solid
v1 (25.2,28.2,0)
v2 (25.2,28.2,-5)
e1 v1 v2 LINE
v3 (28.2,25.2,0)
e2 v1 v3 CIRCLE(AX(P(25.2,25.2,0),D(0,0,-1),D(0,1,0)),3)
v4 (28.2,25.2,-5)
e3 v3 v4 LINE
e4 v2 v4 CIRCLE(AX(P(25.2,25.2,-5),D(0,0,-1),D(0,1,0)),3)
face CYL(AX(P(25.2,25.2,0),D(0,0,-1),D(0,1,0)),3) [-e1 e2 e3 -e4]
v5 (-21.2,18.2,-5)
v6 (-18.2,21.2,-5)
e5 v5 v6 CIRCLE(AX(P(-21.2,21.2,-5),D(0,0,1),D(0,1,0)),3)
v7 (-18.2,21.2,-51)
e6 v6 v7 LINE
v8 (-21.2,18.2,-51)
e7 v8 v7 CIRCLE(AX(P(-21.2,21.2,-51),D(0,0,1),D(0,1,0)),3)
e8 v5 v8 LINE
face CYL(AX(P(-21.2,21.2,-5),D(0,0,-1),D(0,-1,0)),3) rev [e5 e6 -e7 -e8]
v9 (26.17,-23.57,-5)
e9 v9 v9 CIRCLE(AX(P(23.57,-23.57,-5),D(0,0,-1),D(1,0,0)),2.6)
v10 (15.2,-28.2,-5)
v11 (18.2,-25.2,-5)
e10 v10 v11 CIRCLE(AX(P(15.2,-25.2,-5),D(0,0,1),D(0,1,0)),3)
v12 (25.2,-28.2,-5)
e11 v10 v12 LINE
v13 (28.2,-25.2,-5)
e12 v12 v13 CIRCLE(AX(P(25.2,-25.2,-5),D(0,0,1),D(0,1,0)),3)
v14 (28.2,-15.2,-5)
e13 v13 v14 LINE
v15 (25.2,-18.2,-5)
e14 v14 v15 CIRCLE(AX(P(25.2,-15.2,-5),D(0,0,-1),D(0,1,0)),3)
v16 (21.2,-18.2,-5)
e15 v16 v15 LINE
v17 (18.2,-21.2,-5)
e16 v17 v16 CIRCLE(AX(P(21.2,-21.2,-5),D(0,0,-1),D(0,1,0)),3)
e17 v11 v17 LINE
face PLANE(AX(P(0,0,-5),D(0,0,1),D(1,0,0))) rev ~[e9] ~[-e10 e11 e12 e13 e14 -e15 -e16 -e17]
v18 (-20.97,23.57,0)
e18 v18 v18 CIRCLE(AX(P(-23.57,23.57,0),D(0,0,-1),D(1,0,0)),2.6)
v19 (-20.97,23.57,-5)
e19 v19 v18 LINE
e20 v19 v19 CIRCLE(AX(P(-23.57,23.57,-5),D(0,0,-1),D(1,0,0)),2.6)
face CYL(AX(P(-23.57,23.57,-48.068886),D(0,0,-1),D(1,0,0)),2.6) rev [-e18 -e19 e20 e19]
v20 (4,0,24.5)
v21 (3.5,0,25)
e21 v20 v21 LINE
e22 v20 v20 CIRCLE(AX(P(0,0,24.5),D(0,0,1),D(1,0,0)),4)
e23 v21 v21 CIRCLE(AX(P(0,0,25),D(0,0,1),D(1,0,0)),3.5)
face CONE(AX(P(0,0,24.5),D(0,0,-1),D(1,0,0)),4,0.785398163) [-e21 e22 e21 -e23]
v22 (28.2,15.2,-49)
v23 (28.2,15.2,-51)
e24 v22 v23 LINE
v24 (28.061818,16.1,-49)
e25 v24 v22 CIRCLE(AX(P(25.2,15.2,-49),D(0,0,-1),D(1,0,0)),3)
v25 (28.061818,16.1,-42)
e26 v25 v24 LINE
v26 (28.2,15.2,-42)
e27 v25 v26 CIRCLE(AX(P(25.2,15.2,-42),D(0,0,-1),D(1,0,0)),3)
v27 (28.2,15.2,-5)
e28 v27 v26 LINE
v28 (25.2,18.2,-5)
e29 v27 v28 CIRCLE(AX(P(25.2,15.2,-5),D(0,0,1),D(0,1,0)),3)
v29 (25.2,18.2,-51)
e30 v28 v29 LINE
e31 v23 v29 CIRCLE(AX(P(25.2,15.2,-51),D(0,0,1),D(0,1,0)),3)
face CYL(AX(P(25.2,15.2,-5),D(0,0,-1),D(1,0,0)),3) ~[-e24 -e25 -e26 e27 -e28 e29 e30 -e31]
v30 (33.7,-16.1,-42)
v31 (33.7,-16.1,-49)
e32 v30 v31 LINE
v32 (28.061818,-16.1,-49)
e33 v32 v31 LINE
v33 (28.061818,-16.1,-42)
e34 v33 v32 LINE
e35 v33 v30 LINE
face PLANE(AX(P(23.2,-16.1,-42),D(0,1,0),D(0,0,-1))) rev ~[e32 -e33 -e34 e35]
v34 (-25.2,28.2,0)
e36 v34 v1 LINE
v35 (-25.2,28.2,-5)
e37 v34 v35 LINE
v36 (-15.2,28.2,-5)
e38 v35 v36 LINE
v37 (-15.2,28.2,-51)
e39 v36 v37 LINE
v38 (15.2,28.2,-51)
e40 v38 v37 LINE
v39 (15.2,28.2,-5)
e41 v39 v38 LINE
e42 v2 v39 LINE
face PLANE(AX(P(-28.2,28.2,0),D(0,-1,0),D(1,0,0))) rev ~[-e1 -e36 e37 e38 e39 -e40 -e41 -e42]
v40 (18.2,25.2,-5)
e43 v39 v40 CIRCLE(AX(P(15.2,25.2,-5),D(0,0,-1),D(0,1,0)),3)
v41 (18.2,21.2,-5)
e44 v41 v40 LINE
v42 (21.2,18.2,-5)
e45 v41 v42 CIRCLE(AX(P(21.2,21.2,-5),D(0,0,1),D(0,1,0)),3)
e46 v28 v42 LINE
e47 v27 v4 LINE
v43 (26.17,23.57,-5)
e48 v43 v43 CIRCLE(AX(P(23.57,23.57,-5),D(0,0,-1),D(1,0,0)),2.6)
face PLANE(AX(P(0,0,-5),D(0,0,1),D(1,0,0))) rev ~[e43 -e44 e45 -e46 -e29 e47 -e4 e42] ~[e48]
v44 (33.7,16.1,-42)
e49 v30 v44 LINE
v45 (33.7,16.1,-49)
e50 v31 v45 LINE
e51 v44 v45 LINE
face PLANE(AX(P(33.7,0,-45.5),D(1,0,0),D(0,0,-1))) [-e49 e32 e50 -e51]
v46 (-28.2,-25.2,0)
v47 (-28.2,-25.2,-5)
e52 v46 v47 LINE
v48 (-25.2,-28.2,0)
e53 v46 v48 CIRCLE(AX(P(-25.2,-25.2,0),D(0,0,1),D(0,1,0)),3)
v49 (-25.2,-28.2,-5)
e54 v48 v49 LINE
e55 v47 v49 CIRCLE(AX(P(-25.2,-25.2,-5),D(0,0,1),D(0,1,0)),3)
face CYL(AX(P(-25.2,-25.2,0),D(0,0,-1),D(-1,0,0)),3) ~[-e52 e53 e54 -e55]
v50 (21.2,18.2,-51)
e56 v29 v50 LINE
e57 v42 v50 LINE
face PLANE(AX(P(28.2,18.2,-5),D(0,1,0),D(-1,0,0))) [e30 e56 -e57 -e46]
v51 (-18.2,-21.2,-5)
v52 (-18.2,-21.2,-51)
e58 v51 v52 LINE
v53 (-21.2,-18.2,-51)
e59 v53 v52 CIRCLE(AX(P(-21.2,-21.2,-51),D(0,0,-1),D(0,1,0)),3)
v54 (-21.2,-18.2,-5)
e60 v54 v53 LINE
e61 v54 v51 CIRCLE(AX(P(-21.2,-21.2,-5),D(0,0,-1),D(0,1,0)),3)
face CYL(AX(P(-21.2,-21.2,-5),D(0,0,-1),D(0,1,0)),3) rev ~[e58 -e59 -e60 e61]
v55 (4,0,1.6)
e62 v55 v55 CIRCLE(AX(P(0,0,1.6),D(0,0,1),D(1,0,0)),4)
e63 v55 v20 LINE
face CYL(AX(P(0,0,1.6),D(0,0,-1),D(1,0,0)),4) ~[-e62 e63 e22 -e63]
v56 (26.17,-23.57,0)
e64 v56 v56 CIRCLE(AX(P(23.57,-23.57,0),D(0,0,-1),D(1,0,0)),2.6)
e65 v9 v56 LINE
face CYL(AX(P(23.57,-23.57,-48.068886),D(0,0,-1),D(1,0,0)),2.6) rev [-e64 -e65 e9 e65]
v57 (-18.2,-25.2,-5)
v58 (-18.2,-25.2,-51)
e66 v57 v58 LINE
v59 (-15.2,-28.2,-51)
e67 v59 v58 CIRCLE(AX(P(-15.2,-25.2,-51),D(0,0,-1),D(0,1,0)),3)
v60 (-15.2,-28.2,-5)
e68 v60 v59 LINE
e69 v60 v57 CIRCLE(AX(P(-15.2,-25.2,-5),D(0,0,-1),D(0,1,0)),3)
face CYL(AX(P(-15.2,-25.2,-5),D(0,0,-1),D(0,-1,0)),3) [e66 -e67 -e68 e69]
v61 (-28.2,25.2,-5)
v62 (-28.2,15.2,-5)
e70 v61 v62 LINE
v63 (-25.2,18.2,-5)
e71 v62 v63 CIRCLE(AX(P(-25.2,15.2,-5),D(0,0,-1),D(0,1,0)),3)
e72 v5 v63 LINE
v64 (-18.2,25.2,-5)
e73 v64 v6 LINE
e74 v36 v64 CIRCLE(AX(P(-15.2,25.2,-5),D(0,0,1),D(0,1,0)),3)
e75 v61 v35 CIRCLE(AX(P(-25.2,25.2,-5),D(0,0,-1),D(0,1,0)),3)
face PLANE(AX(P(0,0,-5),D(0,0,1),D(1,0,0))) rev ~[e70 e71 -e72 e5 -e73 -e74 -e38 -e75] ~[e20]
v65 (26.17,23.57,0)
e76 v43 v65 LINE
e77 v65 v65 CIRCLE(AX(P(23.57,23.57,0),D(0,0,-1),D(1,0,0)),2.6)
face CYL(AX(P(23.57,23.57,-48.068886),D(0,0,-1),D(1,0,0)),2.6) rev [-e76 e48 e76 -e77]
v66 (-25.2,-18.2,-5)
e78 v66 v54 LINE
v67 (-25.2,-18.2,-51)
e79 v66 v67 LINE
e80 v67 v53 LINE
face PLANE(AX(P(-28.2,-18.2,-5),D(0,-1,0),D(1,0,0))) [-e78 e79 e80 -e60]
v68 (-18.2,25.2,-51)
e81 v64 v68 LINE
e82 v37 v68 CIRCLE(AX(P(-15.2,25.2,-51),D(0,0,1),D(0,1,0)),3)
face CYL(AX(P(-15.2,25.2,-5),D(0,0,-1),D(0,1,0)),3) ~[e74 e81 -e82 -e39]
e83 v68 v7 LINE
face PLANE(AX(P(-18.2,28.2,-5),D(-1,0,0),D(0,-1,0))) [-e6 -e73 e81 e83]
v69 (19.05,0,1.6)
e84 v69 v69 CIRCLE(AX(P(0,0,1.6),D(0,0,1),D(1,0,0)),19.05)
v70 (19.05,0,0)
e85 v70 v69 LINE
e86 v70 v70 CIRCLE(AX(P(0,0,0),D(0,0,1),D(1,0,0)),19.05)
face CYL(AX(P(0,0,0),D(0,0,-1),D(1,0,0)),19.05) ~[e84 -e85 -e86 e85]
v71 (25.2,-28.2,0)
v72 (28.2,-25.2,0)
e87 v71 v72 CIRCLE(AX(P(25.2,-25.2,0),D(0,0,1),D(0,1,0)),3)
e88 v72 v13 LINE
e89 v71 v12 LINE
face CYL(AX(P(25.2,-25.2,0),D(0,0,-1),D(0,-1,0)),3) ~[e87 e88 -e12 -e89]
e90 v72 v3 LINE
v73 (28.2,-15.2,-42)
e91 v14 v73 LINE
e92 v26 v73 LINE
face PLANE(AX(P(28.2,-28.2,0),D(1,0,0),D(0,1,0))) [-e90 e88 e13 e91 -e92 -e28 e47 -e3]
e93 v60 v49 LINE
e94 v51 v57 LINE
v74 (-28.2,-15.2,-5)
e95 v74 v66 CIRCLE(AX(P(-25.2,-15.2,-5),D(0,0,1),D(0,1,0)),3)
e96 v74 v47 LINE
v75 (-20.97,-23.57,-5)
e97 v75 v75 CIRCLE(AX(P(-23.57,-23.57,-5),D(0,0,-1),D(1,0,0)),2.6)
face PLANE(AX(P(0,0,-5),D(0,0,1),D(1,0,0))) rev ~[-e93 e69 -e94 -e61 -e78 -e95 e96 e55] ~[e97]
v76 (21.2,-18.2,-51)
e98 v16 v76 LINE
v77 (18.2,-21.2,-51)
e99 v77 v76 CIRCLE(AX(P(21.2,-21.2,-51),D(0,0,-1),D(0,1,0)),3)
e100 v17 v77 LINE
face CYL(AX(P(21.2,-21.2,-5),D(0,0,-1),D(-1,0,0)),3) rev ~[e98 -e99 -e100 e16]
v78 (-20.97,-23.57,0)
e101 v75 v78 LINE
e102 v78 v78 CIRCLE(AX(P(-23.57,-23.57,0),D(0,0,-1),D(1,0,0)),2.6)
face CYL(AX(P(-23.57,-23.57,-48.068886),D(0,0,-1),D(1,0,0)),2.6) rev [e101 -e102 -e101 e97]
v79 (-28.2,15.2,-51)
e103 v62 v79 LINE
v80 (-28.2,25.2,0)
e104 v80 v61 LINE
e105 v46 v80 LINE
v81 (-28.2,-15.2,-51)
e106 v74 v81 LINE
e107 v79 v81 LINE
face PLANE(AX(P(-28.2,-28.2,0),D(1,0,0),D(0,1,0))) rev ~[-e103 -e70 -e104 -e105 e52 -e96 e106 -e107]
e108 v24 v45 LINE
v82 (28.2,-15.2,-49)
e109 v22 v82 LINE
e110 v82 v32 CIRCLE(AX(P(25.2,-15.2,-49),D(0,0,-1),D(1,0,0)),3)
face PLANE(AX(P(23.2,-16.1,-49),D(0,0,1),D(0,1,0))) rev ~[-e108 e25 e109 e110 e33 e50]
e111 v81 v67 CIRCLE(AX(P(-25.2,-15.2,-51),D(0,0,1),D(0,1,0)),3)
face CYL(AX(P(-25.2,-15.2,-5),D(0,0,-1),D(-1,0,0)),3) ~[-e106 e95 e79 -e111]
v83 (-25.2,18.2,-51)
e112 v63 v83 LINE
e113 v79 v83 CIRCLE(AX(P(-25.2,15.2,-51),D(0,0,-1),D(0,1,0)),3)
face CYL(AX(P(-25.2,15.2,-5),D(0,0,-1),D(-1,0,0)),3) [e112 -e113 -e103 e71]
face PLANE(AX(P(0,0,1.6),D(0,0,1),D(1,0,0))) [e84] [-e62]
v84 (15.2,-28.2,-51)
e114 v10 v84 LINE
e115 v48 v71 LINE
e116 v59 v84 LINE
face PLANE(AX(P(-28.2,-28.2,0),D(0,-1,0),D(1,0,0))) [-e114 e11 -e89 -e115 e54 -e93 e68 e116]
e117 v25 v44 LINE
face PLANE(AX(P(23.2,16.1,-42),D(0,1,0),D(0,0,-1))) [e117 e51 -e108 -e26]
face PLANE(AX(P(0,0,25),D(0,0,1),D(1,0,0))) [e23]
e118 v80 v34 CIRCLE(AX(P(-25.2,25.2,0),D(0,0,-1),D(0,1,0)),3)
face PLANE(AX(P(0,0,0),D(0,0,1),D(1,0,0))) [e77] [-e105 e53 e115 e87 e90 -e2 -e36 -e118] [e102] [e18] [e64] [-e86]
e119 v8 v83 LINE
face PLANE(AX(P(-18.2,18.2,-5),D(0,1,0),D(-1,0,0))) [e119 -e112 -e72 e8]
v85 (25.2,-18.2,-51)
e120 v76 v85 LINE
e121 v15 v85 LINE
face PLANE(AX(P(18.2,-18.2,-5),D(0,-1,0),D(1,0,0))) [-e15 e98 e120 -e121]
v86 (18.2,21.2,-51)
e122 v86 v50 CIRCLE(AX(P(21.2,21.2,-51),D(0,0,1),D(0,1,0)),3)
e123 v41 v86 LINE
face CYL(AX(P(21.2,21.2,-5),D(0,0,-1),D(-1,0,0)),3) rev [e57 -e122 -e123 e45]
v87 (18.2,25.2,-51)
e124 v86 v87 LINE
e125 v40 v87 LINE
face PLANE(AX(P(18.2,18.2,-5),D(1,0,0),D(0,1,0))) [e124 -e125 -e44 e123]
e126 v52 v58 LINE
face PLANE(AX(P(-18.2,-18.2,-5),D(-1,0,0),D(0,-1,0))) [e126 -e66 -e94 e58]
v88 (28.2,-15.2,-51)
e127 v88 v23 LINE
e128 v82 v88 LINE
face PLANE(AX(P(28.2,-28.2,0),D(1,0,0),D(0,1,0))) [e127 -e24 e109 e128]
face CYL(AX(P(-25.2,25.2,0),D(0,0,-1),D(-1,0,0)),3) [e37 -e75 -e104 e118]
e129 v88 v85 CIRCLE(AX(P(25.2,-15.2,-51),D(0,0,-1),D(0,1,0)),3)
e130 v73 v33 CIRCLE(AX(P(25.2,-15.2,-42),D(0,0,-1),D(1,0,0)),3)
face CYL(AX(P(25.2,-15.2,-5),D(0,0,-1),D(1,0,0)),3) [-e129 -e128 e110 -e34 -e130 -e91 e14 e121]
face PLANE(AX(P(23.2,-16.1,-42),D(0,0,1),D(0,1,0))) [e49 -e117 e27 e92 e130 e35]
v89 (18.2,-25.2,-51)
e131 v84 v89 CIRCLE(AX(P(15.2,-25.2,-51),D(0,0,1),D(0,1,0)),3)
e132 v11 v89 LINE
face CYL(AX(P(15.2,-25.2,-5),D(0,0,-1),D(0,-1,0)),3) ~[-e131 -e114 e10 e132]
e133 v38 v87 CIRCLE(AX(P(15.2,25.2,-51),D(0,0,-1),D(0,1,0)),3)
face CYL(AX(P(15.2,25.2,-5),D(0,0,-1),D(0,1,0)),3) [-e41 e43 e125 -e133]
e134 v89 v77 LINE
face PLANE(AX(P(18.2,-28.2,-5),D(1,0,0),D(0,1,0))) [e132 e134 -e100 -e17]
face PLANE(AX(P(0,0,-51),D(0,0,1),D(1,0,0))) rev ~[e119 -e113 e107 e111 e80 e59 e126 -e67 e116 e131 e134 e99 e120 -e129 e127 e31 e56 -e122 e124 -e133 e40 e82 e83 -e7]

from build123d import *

# Parameters (mm, degrees)
SKETCH1_W                = 56.4
SKETCH1_H                = 56.4
BOSS_EXTRUDE1_DEPTH      = 5
SKETCH2_R                = 19.05
BOSS_EXTRUDE2_DEPTH      = 1.6
SKETCH3_R                = 4
SHALF_DEPTH              = 23.4
CHAMFER1_SIZE            = 0.5
CUT_EXTRUDE1_DEPTH       = 48.068885689
CUT_EXTRUDE1_DEPTH_BACK  = 48.068885689
SKETCH4_R                = 2.6
FILLET1_R                = 3
BOSS_EXTRUDE4_DEPTH      = 46
FILLET2_R                = 3
BOSS_EXTRUDE5_DEPTH      = 5.5
BOSS_EXTRUDE5_DEPTH_BACK = 5
SKETCH6_W                = 7
SKETCH6_H                = 32.2


with BuildPart() as part:
    # Sketch1 → Boss-Extrude1 (new body)
    with BuildSketch(Plane.XY):
        Rectangle(SKETCH1_W, SKETCH1_H)
    extrude(amount=-BOSS_EXTRUDE1_DEPTH)

    # Sketch2 → Boss-Extrude2 (add)
    with BuildSketch(Plane.XY):
        Circle(SKETCH2_R)
    extrude(amount=BOSS_EXTRUDE2_DEPTH)

    # Sketch3 → Shalf (add)
    with BuildSketch(Plane.XY.offset(1.6)):
        Circle(SKETCH3_R)
    extrude(amount=SHALF_DEPTH)

    # Chamfer1
    chamfer1_edges = [part.edges().sort_by_distance(p)[0] for p in [
        (-4, 0, 25),
    ]]
    chamfer(chamfer1_edges, length=CHAMFER1_SIZE)

    # Sketch4 → Cut-Extrude1 (cut, two sides: drawn at the far end of the back side and taken through both)
    with BuildSketch(Plane.XY.offset(-CUT_EXTRUDE1_DEPTH_BACK)):
        with Locations((-23.57, 23.57)):
            Circle(SKETCH4_R)
        with Locations((23.57, 23.57)):
            Circle(SKETCH4_R)
        with Locations((-23.57, -23.57)):
            Circle(SKETCH4_R)
        with Locations((23.57, -23.57)):
            Circle(SKETCH4_R)
    extrude(amount=CUT_EXTRUDE1_DEPTH + CUT_EXTRUDE1_DEPTH_BACK, mode=Mode.SUBTRACT)

    # Fillet1
    fillet1_edges = [part.edges().sort_by_distance(p)[0] for p in [
        (28.2, -28.2, -2.5),
        (-28.2, -28.2, -2.5),
        (-28.2, 28.2, -2.5),
        (28.2, 28.2, -2.5),
    ]]
    fillet(fillet1_edges, radius=FILLET1_R)

    # Sketch5 → Boss-Extrude4 (add)
    with BuildSketch(Plane(origin=(0, 0, -5), x_dir=(-1, 0, 0), z_dir=(0, 0, -1))):
        Polygon((-18.2, 28.2), (18.2, 28.2), (18.2, 18.2), (28.2, 18.2), (28.2, -18.2), (18.2, -18.2), (18.2, -28.2), (-18.2, -28.2), (-18.2, -18.2), (-28.2, -18.2), (-28.2, 18.2), (-18.2, 18.2), align=None)
    extrude(amount=BOSS_EXTRUDE4_DEPTH)

    # Fillet2
    fillet2_edges = [part.edges().sort_by_distance(p)[0] for p in [
        (-18.2, 18.2, -28),
        (-18.2, 28.2, -28),
        (18.2, 28.2, -28),
        (18.2, 18.2, -28),
        (28.2, 18.2, -28),
        (28.2, -18.2, -28),
        (18.2, -18.2, -28),
        (18.2, -28.2, -28),
        (-18.2, -28.2, -28),
        (-18.2, -18.2, -28),
        (-28.2, -18.2, -28),
        (-28.2, 18.2, -28),
    ]]
    fillet(fillet2_edges, radius=FILLET2_R)

    # Sketch6 → Boss-Extrude5 (add, two sides: drawn at the far end of the back side and taken through both)
    with BuildSketch(Plane(origin=(28.2, 0, 0), x_dir=(0, 0, -1), z_dir=(1, 0, 0)).offset(-BOSS_EXTRUDE5_DEPTH_BACK)):
        with Locations((45.5, 0)):
            Rectangle(SKETCH6_W, SKETCH6_H)
    extrude(amount=BOSS_EXTRUDE5_DEPTH + BOSS_EXTRUDE5_DEPTH_BACK)


solid = part.part
